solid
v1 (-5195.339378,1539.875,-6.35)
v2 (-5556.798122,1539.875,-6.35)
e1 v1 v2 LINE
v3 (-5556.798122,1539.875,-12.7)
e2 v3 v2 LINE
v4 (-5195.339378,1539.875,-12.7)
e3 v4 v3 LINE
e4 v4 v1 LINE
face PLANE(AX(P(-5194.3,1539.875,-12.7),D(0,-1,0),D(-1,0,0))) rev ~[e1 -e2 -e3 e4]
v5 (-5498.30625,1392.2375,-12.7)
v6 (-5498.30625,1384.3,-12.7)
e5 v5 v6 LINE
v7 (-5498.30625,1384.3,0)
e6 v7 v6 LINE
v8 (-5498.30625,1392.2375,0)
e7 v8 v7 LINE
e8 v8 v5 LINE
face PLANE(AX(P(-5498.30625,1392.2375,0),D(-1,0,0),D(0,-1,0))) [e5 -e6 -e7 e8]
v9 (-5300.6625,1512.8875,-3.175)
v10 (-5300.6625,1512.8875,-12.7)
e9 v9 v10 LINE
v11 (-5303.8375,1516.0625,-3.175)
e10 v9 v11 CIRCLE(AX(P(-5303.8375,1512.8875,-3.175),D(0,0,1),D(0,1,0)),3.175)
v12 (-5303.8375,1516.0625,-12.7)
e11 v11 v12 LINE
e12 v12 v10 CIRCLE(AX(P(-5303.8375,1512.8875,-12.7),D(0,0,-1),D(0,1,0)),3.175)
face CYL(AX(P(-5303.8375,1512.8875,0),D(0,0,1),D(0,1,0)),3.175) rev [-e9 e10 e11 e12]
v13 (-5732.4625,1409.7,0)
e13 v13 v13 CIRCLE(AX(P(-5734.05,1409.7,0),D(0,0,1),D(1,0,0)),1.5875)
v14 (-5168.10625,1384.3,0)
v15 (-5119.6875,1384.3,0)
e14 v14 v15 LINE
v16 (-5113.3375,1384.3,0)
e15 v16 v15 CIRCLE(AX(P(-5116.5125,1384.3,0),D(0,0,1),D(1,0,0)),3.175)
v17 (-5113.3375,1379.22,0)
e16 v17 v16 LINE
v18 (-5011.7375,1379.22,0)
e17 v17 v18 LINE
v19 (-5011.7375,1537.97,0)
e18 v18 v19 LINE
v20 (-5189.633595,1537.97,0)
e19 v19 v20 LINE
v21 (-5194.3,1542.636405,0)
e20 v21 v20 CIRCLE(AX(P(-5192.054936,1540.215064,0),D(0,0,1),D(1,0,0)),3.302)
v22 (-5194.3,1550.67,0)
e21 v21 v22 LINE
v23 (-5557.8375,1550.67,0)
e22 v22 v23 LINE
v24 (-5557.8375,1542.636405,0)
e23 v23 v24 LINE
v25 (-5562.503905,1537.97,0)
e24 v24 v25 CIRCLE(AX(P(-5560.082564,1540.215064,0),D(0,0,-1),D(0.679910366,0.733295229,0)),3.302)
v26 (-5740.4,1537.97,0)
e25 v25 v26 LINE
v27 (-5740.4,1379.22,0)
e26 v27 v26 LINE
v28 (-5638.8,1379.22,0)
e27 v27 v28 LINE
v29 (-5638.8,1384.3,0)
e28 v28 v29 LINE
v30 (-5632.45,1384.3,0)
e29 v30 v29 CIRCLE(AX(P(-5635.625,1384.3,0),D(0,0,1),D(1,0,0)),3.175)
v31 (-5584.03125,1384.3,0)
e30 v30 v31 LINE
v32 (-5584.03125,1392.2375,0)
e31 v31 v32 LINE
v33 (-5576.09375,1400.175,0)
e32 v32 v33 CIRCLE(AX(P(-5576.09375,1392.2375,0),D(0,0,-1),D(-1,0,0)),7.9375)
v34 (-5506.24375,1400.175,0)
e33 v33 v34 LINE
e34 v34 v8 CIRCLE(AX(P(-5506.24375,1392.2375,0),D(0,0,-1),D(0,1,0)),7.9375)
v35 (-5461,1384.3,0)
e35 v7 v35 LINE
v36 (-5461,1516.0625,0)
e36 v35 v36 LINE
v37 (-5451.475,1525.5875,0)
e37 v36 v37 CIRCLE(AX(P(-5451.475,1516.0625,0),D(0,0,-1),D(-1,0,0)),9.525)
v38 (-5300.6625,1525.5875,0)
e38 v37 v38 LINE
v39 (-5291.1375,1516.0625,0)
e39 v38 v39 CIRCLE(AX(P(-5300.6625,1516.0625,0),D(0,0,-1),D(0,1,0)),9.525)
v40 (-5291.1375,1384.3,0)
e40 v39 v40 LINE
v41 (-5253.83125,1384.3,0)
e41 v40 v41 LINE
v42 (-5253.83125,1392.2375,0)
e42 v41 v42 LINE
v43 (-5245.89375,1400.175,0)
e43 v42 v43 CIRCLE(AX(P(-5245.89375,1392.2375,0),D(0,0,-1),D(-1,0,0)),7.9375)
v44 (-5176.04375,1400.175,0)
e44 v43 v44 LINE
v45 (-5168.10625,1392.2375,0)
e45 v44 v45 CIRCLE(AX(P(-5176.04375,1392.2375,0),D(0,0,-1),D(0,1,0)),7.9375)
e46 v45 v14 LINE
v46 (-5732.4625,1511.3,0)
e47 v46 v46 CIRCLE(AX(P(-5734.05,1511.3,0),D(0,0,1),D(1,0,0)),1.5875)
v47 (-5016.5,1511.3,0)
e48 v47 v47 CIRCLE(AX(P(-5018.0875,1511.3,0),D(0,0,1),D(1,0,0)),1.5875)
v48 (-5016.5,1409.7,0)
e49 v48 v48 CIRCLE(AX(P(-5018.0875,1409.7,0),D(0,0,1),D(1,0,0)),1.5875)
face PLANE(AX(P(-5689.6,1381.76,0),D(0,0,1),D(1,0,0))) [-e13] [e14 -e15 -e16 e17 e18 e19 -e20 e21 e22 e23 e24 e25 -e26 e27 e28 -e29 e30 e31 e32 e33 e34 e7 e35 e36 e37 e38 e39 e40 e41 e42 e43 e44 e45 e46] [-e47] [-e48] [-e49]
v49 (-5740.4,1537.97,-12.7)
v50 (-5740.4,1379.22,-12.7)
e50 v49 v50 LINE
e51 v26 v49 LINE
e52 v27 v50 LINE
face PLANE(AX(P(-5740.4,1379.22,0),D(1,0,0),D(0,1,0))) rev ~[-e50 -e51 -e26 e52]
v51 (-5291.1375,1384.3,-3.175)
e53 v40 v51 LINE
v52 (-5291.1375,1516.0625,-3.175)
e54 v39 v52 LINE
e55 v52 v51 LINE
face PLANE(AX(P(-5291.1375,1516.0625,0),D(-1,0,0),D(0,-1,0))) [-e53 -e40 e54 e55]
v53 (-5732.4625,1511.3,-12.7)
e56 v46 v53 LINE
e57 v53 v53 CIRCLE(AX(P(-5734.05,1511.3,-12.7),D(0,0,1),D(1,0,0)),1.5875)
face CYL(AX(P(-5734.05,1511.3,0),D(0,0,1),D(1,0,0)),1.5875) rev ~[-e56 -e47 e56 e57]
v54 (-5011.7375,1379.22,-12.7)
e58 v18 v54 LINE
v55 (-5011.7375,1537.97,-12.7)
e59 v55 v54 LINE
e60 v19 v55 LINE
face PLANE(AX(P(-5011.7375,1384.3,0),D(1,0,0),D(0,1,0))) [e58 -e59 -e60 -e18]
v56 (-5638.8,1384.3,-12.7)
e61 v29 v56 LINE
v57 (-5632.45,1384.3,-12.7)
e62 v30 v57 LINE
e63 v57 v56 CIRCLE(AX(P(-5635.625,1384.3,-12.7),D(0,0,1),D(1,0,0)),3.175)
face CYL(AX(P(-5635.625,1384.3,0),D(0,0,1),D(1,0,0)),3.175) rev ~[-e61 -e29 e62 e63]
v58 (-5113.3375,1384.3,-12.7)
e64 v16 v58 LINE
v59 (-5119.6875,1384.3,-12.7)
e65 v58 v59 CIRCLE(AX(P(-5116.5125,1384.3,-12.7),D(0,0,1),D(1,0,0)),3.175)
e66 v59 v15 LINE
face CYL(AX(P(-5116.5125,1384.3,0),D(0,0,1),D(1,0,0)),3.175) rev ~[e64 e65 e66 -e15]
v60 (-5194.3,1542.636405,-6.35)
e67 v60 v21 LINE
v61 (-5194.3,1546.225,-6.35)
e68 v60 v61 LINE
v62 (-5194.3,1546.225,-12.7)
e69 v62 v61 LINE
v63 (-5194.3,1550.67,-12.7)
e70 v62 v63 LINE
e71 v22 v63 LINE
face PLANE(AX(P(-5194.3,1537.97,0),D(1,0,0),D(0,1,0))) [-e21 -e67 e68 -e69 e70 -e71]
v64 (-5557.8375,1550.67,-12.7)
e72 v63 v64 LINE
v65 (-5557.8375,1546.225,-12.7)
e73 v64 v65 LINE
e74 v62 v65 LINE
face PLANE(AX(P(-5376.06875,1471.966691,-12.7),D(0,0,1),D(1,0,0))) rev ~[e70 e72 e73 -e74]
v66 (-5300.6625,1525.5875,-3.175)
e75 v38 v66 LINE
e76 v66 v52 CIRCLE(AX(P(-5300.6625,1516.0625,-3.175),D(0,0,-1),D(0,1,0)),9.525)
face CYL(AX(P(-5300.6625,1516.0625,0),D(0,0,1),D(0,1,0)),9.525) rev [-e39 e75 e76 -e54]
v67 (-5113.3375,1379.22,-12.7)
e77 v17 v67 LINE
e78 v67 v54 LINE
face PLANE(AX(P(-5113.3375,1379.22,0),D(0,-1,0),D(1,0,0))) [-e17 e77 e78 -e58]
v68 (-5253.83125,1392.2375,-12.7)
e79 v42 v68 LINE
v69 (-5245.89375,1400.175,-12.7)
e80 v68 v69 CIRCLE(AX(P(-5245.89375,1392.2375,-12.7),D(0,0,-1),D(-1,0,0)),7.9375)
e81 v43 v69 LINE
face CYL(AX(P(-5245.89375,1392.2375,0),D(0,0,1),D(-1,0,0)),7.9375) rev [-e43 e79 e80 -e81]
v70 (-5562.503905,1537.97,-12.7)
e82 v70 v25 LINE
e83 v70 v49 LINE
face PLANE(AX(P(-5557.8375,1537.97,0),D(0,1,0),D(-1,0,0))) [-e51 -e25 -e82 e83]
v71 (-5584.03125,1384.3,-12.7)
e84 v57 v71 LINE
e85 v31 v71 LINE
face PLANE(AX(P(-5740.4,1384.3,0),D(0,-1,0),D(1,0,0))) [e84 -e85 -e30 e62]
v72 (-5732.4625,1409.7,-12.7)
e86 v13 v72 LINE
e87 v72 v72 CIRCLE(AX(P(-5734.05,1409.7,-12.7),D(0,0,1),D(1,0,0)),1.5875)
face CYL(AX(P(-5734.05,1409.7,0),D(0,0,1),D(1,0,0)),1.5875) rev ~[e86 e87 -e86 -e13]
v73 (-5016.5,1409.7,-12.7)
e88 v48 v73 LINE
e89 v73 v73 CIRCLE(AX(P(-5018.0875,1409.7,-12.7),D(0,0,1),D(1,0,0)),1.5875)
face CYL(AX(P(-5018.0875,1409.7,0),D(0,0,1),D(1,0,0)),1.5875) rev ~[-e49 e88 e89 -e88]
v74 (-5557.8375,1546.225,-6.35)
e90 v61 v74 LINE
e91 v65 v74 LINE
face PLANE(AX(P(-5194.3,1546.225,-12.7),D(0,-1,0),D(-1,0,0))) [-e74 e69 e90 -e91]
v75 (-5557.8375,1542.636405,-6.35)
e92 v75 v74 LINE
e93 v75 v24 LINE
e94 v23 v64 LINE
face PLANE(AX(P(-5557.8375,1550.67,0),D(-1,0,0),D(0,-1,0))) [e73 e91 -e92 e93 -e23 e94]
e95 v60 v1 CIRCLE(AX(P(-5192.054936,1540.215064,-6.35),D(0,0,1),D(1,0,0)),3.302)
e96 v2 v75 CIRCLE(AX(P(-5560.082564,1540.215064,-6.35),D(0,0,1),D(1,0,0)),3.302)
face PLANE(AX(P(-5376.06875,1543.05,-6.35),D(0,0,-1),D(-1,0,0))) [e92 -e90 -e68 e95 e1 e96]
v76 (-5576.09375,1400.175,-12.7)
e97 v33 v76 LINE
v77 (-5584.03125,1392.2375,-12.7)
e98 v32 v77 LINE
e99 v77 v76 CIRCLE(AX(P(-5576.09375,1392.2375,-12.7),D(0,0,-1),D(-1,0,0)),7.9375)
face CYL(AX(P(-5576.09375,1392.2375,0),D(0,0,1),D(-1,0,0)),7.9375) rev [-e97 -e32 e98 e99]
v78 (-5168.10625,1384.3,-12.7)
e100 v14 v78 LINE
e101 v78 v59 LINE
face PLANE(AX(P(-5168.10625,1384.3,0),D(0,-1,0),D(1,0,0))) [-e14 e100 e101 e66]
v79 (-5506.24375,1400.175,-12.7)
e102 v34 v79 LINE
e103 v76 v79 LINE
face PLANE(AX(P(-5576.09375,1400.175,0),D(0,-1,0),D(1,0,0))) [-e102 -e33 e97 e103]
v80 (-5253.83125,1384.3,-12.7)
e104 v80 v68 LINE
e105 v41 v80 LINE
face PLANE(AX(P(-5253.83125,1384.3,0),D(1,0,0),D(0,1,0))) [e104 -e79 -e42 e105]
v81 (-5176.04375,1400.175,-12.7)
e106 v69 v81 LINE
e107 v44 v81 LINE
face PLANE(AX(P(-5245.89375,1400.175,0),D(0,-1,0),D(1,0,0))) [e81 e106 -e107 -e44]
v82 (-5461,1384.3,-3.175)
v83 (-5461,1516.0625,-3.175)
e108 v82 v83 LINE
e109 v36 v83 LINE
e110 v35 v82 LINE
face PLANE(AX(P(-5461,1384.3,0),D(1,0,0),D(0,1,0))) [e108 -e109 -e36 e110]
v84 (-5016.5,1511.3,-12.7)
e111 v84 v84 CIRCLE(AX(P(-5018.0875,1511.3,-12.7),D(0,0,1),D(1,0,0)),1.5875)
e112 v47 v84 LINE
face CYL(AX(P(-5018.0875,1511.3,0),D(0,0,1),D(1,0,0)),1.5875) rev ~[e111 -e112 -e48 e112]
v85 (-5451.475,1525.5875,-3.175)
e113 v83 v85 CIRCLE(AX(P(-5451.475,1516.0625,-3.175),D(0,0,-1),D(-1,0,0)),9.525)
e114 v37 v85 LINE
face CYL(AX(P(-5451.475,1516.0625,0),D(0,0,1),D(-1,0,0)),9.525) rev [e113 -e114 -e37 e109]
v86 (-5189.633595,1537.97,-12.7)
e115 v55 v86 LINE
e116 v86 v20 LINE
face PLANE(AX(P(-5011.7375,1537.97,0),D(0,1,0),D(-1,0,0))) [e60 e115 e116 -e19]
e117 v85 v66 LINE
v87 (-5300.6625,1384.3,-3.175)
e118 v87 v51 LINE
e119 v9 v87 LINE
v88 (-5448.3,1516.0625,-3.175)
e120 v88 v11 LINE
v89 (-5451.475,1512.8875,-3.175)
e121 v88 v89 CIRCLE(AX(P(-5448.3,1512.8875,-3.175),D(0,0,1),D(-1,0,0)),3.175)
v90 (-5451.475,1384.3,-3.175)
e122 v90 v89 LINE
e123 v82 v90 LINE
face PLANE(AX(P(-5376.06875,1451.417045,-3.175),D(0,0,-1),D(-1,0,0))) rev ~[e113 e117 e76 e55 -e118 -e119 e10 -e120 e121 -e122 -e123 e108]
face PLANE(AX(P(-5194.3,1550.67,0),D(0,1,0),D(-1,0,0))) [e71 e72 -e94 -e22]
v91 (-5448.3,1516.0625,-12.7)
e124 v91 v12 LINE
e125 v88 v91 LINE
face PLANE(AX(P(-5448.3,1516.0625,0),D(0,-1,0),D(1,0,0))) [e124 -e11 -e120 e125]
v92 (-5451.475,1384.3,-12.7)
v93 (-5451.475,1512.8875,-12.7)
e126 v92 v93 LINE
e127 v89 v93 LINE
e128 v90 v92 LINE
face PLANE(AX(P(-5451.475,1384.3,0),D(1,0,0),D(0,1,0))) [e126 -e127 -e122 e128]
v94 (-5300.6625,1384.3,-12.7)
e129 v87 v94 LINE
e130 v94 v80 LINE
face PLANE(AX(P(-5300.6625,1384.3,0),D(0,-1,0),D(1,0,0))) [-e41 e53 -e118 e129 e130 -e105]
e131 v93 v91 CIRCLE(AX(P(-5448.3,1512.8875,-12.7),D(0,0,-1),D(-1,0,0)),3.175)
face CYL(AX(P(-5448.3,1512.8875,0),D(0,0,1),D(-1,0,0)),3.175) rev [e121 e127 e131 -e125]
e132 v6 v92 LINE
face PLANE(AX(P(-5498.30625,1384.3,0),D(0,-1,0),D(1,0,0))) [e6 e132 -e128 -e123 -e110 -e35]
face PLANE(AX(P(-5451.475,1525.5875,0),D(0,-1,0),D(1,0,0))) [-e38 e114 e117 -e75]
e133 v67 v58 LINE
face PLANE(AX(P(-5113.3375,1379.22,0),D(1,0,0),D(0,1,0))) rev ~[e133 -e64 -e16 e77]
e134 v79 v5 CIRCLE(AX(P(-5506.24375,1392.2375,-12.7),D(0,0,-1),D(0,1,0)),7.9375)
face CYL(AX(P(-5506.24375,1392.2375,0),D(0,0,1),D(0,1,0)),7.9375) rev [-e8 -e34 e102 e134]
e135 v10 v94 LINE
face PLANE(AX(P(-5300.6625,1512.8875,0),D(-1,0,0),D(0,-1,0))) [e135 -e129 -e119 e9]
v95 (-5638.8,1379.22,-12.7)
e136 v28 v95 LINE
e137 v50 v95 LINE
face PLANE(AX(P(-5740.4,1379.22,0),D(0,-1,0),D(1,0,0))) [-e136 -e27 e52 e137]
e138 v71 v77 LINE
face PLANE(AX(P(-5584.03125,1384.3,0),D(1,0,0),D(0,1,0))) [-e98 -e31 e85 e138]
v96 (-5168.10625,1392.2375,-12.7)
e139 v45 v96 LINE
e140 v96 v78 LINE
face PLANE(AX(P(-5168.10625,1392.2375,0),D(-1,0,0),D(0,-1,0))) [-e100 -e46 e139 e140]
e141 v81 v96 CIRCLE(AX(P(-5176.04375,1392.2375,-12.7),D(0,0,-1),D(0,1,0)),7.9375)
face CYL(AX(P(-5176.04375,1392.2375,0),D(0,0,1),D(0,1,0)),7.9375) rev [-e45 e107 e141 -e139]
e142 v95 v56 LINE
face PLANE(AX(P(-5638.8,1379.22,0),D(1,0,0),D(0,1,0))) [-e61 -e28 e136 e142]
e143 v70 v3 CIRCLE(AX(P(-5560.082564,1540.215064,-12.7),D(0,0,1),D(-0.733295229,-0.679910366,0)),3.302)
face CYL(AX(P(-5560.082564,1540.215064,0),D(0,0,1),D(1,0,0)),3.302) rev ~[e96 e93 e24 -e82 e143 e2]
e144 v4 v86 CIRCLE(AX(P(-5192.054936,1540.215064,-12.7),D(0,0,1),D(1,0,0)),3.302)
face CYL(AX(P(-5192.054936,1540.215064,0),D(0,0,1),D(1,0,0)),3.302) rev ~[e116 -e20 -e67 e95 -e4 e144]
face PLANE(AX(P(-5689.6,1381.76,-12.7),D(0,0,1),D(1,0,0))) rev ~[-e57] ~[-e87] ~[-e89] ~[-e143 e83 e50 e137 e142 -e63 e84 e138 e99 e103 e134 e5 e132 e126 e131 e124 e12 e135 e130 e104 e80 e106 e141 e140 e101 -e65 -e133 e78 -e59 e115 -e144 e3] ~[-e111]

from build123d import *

# Parameters (mm, degrees)
EXTRUDE1_DEPTH     = 12.7
SKETCH6_R          = 3.302
CUT_EXTRUDE4_DEPTH = 12.7
CUT_EXTRUDE1_DEPTH = 3.175
SKETCH4_R          = 1.5875
CUT_EXTRUDE2_DEPTH = 12.7
SKETCH5_W          = 363.5375
SKETCH5_H          = 6.35
CUT_EXTRUDE3_DEPTH = 6.35
SKETCH7_W          = 101.6
SKETCH7_H          = 5.08
EXTRUDE2_DEPTH     = 12.7
SKETCH8_R          = 3.175
CUT_EXTRUDE5_DEPTH = 12.7


with BuildPart() as part:
    # Sketch2 → Extrude1 (new body)
    with BuildSketch(Plane.XY):
        with BuildLine():
            Line((-5740.4, 1537.97), (-5740.4, 1384.3))
            Line((-5740.4, 1384.3), (-5584.03125, 1384.3))
            Line((-5584.03125, 1384.3), (-5584.03125, 1392.2375))
            ThreePointArc((-5584.03125, 1392.2375), (-5581.706410076, 1397.850160076), (-5576.09375, 1400.175))
            Line((-5576.09375, 1400.175), (-5506.24375, 1400.175))
            ThreePointArc((-5506.24375, 1400.175), (-5500.631089924, 1397.850160076), (-5498.30625, 1392.2375))
            Line((-5498.30625, 1392.2375), (-5498.30625, 1384.3))
            Line((-5498.30625, 1384.3), (-5451.475, 1384.3))
            Line((-5451.475, 1384.3), (-5451.475, 1512.8875))
            ThreePointArc((-5451.475, 1512.8875), (-5450.54506403, 1515.13256403), (-5448.3, 1516.0625))
            Line((-5448.3, 1516.0625), (-5303.8375, 1516.0625))
            ThreePointArc((-5303.8375, 1516.0625), (-5301.59243597, 1515.13256403), (-5300.6625, 1512.8875))
            Line((-5300.6625, 1512.8875), (-5300.6625, 1384.3))
            Line((-5300.6625, 1384.3), (-5253.83125, 1384.3))
            Line((-5253.83125, 1384.3), (-5253.83125, 1392.2375))
            ThreePointArc((-5253.83125, 1392.2375), (-5251.506410076, 1397.850160076), (-5245.89375, 1400.175))
            Line((-5245.89375, 1400.175), (-5176.04375, 1400.175))
            ThreePointArc((-5176.04375, 1400.175), (-5170.431089924, 1397.850160076), (-5168.10625, 1392.2375))
            Line((-5168.10625, 1392.2375), (-5168.10625, 1384.3))
            Line((-5168.10625, 1384.3), (-5011.7375, 1384.3))
            Line((-5011.7375, 1384.3), (-5011.7375, 1537.97))
            Line((-5011.7375, 1537.97), (-5194.3, 1537.97))
            Line((-5194.3, 1537.97), (-5194.3, 1550.67))
            Line((-5194.3, 1550.67), (-5557.8375, 1550.67))
            Line((-5557.8375, 1550.67), (-5557.8375, 1537.97))
            Line((-5557.8375, 1537.97), (-5740.4, 1537.97))
        make_face()
    extrude(amount=-EXTRUDE1_DEPTH)

    # Sketch6 → Cut-Extrude4 (cut)
    with BuildSketch(Plane.XY):
        with Locations((-5560.08256403, 1540.21506403)):
            Circle(SKETCH6_R)
        with Locations((-5192.05493597, 1540.21506403)):
            Circle(SKETCH6_R)
    extrude(amount=-CUT_EXTRUDE4_DEPTH, mode=Mode.SUBTRACT)

    # Sketch3 → Cut-Extrude1 (cut)
    with BuildSketch(Plane.XY):
        with BuildLine():
            Line((-5297.4875, 1377.95), (-5454.65, 1377.95))
            ThreePointArc((-5454.65, 1377.95), (-5459.140128061, 1379.809871939), (-5461, 1384.3))
            Line((-5461, 1384.3), (-5461, 1516.0625))
            ThreePointArc((-5461, 1516.0625), (-5458.210192091, 1522.797692091), (-5451.475, 1525.5875))
            Line((-5451.475, 1525.5875), (-5300.6625, 1525.5875))
            ThreePointArc((-5300.6625, 1525.5875), (-5293.927307909, 1522.797692091), (-5291.1375, 1516.0625))
            Line((-5291.1375, 1516.0625), (-5291.1375, 1384.3))
            ThreePointArc((-5291.1375, 1384.3), (-5292.997371939, 1379.809871939), (-5297.4875, 1377.95))
        make_face()
    extrude(amount=-CUT_EXTRUDE1_DEPTH, mode=Mode.SUBTRACT)

    # Sketch4 → Cut-Extrude2 (cut)
    with BuildSketch(Plane.XY):
        with Locations((-5734.05, 1511.3)):
            Circle(SKETCH4_R)
        with Locations((-5734.05, 1409.7)):
            Circle(SKETCH4_R)
        with Locations((-5018.0875, 1409.7)):
            Circle(SKETCH4_R)
        with Locations((-5018.0875, 1511.3)):
            Circle(SKETCH4_R)
    extrude(amount=-CUT_EXTRUDE2_DEPTH, mode=Mode.SUBTRACT)

    # Sketch5 → Cut-Extrude3 (cut)
    with BuildSketch(Plane(origin=(0, 0, -12.7), x_dir=(-1, 0, 0), z_dir=(0, 0, -1))):
        with Locations((5376.06875, 1543.05)):
            Rectangle(SKETCH5_W, SKETCH5_H)
    extrude(amount=-CUT_EXTRUDE3_DEPTH, mode=Mode.SUBTRACT)

    # Sketch7 → Extrude2 (add)
    with BuildSketch(Plane.XY):
        with Locations((-5689.6, 1381.76)):
            Rectangle(SKETCH7_W, SKETCH7_H)
        with Locations((-5062.5375, 1381.76)):
            Rectangle(SKETCH7_W, SKETCH7_H)
    extrude(amount=-EXTRUDE2_DEPTH)

    # Sketch8 → Cut-Extrude5 (cut)
    with BuildSketch(Plane.XY):
        with Locations((-5635.625, 1384.3)):
            Circle(SKETCH8_R)
        with Locations((-5116.5125, 1384.3)):
            Circle(SKETCH8_R)
    extrude(amount=-CUT_EXTRUDE5_DEPTH, mode=Mode.SUBTRACT)


solid = part.part
